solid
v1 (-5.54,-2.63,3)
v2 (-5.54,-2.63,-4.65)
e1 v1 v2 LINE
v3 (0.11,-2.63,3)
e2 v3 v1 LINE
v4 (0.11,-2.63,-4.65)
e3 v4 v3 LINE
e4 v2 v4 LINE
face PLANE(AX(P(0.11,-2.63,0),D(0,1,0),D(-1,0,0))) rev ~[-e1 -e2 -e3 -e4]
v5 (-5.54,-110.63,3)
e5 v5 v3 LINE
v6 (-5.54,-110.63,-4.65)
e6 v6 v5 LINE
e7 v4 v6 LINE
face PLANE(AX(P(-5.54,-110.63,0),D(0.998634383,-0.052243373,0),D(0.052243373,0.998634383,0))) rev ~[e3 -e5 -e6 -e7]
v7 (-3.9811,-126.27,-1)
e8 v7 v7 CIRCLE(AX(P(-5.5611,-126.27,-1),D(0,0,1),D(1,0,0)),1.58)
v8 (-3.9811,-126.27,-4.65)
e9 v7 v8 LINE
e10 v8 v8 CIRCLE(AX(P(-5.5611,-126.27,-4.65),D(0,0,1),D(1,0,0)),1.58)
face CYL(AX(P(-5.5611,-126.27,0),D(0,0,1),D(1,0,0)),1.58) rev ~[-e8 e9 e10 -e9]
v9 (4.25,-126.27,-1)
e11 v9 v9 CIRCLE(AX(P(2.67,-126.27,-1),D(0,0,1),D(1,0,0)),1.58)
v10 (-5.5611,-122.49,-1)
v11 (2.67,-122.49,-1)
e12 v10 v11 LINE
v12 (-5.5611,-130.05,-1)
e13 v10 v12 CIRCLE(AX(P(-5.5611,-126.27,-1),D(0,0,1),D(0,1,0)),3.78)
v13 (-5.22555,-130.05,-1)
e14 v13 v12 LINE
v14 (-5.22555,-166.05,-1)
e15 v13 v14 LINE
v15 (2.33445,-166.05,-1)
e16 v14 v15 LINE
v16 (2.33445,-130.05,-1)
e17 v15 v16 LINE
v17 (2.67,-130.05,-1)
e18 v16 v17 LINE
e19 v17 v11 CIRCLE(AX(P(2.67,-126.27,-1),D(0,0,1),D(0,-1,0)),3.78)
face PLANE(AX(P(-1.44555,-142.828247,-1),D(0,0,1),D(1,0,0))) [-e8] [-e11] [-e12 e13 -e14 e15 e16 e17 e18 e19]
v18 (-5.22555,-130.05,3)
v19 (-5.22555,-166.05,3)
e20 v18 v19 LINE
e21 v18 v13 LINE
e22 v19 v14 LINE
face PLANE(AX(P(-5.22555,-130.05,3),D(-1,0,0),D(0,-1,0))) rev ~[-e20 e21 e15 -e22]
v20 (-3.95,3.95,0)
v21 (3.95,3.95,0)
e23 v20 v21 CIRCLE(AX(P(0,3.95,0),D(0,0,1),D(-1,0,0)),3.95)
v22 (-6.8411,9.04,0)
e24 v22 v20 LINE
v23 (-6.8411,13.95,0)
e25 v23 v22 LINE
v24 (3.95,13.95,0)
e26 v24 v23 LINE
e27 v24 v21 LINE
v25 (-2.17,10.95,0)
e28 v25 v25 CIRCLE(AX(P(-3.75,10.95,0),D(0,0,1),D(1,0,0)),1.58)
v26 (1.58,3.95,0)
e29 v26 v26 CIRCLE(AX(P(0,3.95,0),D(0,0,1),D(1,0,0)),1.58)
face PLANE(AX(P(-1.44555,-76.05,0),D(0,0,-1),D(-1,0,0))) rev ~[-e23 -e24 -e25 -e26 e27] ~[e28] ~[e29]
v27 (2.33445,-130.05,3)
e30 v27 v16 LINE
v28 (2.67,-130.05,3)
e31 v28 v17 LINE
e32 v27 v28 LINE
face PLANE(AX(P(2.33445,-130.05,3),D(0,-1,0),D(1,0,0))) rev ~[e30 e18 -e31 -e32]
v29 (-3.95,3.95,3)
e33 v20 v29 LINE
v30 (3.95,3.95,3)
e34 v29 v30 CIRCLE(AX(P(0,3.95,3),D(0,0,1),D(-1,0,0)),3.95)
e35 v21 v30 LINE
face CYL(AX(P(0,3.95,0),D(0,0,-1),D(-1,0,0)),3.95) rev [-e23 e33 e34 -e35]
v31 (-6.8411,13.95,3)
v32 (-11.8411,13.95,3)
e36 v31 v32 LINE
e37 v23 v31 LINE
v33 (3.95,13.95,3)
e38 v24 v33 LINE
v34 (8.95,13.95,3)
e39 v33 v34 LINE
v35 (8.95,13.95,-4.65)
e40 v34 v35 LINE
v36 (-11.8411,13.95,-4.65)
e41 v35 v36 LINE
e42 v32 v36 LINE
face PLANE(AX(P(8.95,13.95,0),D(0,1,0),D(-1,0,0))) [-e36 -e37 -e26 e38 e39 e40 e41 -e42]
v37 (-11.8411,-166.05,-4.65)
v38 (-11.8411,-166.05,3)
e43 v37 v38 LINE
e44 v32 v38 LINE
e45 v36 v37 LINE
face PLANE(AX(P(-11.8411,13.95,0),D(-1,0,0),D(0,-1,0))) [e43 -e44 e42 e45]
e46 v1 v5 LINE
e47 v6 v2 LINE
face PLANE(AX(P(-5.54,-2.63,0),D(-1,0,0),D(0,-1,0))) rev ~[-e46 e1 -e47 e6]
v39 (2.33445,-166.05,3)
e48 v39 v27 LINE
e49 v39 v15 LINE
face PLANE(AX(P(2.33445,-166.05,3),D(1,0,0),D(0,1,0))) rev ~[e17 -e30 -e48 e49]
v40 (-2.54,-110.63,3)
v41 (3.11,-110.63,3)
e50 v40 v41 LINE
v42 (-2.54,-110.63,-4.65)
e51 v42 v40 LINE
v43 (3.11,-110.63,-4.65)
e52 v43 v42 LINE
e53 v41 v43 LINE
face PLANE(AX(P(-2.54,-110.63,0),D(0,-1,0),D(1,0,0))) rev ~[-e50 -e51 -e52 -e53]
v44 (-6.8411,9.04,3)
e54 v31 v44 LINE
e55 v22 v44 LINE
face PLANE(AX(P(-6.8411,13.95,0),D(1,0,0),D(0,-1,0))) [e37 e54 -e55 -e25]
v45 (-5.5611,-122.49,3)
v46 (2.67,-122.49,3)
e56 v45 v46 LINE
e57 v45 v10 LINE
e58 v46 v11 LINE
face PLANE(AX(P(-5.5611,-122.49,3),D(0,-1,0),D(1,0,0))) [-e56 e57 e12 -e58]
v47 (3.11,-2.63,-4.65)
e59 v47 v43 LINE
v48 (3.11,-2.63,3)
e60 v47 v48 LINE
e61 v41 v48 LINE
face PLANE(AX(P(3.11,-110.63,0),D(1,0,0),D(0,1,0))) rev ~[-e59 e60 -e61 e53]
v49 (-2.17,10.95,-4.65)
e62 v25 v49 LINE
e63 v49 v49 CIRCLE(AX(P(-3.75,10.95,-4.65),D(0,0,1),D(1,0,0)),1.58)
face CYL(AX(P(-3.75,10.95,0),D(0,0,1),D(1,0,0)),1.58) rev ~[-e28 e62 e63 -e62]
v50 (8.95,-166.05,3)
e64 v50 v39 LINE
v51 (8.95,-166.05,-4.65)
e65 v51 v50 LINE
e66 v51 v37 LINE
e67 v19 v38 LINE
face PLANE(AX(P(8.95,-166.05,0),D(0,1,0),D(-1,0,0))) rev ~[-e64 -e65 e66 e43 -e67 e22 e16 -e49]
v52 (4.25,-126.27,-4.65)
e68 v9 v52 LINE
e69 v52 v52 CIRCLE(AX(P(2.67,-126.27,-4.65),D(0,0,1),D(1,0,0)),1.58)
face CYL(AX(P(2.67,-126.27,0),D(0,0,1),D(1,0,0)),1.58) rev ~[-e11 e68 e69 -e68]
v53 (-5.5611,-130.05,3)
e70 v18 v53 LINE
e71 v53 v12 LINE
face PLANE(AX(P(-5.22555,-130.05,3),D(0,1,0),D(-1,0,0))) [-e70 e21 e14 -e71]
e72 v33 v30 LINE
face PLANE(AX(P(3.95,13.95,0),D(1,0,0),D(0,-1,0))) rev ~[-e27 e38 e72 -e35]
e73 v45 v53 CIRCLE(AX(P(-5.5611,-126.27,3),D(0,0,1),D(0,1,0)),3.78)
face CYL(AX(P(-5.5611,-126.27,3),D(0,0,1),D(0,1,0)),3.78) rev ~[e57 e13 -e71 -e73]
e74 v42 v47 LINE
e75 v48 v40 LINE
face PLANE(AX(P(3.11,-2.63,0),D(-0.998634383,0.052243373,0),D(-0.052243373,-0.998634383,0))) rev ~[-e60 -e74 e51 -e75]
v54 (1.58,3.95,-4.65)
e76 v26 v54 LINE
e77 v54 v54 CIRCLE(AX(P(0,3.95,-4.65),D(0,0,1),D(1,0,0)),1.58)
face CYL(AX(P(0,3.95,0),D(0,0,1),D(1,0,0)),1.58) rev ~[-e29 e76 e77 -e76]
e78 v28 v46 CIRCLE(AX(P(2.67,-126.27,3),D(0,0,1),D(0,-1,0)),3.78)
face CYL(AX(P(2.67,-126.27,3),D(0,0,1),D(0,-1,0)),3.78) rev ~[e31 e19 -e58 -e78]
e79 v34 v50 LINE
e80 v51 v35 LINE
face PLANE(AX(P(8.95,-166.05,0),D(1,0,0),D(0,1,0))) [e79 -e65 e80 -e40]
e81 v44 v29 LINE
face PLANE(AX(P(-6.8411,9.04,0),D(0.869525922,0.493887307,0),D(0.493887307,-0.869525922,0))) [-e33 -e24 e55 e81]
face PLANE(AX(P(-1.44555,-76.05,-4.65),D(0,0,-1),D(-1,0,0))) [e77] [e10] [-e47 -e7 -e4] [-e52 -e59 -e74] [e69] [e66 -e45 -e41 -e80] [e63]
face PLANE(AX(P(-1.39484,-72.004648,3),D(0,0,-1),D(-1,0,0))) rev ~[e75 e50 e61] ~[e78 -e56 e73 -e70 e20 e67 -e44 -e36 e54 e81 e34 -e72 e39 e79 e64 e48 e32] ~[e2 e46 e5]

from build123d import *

# Parameters (mm, degrees)
PAD_DEPTH            = 3
PAD001_DEPTH         = 4.65
SKETCH002_R          = 1.58
POCKET_DEPTH         = 4.651
POCKET001_DEPTH      = 4.651
POCKET001_DEPTH_BACK = -3.001
POCKET002_DEPTH      = 4
SKETCH005_R          = 1.58
POCKET003_DEPTH      = 4.651
POCKET003_DEPTH_BACK = -3.001


with BuildPart() as part:
    # Sketch → Pad (new body)
    with BuildSketch(Plane.XY):
        with BuildLine():
            ThreePointArc((-3.95, 3.95), (0, 0), (3.95, 3.95))
            Line((3.95, 13.95), (3.95, 3.95))
            Line((3.95, 13.95), (8.95, 13.95))
            Line((8.95, 13.95), (8.95, 0))
            Line((8.95, 0), (8.95, -166.05))
            Line((8.95, -166.05), (-11.8411, -166.05))
            Line((-11.8411, -166.05), (-11.8411, 0))
            Line((-11.8411, 13.95), (-11.8411, 0))
            Line((-6.8411, 13.95), (-11.8411, 13.95))
            Line((-6.8411, 13.95), (-6.8411, 9.04))
            Line((-6.8411, 9.04), (-3.95, 3.95))
        make_face()
    extrude(amount=PAD_DEPTH)

    # Sketch001 → Pad001 (join)
    with BuildSketch(Plane.XY):
        Polygon((-11.8411, 0), (-11.8411, 13.95), (0, 13.95), (8.95, 13.95), (8.95, 0), (8.95, -166.05), (-11.8411, -166.05), align=None)
    extrude(amount=-PAD001_DEPTH)

    # Sketch002 → Pocket (cut, through all)
    with BuildSketch(Plane(origin=(0, 0.2, 0), x_dir=(1, 0, 0), z_dir=(0, 0, 1))):
        with Locations((0, 3.75)):
            Circle(SKETCH002_R)
        with Locations((-3.75, 10.75)):
            Circle(SKETCH002_R)
    extrude(amount=-POCKET_DEPTH, mode=Mode.SUBTRACT)

    # Sketch003 → Pocket001 (cut, two sides)
    with BuildSketch(Plane.XY) as pocket001_sk:
        Polygon((0.11, -2.63), (-5.54, -2.63), (-5.54, -110.63), align=None)
        Polygon((-2.54, -110.63), (3.11, -110.63), (3.11, -2.63), align=None)
    extrude(amount=-POCKET001_DEPTH, mode=Mode.SUBTRACT)
    extrude(pocket001_sk.sketch, amount=-POCKET001_DEPTH_BACK, mode=Mode.SUBTRACT)

    # Sketch004 → Pocket002 (cut)
    with BuildSketch(Plane.XY.offset(3)):
        with BuildLine():
            Line((-5.22555, -130.05), (-5.22555, -166.05))
            Line((-5.22555, -166.05), (2.33445, -166.05))
            Line((2.33445, -166.05), (2.33445, -130.05))
            Line((2.33445, -130.05), (2.67, -130.05))
            ThreePointArc((2.67, -130.05), (6.45, -126.27), (2.67, -122.49))
            Line((-5.5611, -122.49), (2.67, -122.49))
            ThreePointArc((-5.5611, -122.49), (-9.3411, -126.27), (-5.5611, -130.05))
            Line((-5.22555, -130.05), (-5.5611, -130.05))
        make_face()
    extrude(amount=-POCKET002_DEPTH, mode=Mode.SUBTRACT)

    # Sketch005 → Pocket003 (cut, two sides)
    with BuildSketch(Plane.XY) as pocket003_sk:
        with Locations((-5.5611, -126.27)):
            Circle(SKETCH005_R)
        with Locations((2.67, -126.27)):
            Circle(SKETCH005_R)
    extrude(amount=-POCKET003_DEPTH, mode=Mode.SUBTRACT)
    extrude(pocket003_sk.sketch, amount=-POCKET003_DEPTH_BACK, mode=Mode.SUBTRACT)


solid = part.part
